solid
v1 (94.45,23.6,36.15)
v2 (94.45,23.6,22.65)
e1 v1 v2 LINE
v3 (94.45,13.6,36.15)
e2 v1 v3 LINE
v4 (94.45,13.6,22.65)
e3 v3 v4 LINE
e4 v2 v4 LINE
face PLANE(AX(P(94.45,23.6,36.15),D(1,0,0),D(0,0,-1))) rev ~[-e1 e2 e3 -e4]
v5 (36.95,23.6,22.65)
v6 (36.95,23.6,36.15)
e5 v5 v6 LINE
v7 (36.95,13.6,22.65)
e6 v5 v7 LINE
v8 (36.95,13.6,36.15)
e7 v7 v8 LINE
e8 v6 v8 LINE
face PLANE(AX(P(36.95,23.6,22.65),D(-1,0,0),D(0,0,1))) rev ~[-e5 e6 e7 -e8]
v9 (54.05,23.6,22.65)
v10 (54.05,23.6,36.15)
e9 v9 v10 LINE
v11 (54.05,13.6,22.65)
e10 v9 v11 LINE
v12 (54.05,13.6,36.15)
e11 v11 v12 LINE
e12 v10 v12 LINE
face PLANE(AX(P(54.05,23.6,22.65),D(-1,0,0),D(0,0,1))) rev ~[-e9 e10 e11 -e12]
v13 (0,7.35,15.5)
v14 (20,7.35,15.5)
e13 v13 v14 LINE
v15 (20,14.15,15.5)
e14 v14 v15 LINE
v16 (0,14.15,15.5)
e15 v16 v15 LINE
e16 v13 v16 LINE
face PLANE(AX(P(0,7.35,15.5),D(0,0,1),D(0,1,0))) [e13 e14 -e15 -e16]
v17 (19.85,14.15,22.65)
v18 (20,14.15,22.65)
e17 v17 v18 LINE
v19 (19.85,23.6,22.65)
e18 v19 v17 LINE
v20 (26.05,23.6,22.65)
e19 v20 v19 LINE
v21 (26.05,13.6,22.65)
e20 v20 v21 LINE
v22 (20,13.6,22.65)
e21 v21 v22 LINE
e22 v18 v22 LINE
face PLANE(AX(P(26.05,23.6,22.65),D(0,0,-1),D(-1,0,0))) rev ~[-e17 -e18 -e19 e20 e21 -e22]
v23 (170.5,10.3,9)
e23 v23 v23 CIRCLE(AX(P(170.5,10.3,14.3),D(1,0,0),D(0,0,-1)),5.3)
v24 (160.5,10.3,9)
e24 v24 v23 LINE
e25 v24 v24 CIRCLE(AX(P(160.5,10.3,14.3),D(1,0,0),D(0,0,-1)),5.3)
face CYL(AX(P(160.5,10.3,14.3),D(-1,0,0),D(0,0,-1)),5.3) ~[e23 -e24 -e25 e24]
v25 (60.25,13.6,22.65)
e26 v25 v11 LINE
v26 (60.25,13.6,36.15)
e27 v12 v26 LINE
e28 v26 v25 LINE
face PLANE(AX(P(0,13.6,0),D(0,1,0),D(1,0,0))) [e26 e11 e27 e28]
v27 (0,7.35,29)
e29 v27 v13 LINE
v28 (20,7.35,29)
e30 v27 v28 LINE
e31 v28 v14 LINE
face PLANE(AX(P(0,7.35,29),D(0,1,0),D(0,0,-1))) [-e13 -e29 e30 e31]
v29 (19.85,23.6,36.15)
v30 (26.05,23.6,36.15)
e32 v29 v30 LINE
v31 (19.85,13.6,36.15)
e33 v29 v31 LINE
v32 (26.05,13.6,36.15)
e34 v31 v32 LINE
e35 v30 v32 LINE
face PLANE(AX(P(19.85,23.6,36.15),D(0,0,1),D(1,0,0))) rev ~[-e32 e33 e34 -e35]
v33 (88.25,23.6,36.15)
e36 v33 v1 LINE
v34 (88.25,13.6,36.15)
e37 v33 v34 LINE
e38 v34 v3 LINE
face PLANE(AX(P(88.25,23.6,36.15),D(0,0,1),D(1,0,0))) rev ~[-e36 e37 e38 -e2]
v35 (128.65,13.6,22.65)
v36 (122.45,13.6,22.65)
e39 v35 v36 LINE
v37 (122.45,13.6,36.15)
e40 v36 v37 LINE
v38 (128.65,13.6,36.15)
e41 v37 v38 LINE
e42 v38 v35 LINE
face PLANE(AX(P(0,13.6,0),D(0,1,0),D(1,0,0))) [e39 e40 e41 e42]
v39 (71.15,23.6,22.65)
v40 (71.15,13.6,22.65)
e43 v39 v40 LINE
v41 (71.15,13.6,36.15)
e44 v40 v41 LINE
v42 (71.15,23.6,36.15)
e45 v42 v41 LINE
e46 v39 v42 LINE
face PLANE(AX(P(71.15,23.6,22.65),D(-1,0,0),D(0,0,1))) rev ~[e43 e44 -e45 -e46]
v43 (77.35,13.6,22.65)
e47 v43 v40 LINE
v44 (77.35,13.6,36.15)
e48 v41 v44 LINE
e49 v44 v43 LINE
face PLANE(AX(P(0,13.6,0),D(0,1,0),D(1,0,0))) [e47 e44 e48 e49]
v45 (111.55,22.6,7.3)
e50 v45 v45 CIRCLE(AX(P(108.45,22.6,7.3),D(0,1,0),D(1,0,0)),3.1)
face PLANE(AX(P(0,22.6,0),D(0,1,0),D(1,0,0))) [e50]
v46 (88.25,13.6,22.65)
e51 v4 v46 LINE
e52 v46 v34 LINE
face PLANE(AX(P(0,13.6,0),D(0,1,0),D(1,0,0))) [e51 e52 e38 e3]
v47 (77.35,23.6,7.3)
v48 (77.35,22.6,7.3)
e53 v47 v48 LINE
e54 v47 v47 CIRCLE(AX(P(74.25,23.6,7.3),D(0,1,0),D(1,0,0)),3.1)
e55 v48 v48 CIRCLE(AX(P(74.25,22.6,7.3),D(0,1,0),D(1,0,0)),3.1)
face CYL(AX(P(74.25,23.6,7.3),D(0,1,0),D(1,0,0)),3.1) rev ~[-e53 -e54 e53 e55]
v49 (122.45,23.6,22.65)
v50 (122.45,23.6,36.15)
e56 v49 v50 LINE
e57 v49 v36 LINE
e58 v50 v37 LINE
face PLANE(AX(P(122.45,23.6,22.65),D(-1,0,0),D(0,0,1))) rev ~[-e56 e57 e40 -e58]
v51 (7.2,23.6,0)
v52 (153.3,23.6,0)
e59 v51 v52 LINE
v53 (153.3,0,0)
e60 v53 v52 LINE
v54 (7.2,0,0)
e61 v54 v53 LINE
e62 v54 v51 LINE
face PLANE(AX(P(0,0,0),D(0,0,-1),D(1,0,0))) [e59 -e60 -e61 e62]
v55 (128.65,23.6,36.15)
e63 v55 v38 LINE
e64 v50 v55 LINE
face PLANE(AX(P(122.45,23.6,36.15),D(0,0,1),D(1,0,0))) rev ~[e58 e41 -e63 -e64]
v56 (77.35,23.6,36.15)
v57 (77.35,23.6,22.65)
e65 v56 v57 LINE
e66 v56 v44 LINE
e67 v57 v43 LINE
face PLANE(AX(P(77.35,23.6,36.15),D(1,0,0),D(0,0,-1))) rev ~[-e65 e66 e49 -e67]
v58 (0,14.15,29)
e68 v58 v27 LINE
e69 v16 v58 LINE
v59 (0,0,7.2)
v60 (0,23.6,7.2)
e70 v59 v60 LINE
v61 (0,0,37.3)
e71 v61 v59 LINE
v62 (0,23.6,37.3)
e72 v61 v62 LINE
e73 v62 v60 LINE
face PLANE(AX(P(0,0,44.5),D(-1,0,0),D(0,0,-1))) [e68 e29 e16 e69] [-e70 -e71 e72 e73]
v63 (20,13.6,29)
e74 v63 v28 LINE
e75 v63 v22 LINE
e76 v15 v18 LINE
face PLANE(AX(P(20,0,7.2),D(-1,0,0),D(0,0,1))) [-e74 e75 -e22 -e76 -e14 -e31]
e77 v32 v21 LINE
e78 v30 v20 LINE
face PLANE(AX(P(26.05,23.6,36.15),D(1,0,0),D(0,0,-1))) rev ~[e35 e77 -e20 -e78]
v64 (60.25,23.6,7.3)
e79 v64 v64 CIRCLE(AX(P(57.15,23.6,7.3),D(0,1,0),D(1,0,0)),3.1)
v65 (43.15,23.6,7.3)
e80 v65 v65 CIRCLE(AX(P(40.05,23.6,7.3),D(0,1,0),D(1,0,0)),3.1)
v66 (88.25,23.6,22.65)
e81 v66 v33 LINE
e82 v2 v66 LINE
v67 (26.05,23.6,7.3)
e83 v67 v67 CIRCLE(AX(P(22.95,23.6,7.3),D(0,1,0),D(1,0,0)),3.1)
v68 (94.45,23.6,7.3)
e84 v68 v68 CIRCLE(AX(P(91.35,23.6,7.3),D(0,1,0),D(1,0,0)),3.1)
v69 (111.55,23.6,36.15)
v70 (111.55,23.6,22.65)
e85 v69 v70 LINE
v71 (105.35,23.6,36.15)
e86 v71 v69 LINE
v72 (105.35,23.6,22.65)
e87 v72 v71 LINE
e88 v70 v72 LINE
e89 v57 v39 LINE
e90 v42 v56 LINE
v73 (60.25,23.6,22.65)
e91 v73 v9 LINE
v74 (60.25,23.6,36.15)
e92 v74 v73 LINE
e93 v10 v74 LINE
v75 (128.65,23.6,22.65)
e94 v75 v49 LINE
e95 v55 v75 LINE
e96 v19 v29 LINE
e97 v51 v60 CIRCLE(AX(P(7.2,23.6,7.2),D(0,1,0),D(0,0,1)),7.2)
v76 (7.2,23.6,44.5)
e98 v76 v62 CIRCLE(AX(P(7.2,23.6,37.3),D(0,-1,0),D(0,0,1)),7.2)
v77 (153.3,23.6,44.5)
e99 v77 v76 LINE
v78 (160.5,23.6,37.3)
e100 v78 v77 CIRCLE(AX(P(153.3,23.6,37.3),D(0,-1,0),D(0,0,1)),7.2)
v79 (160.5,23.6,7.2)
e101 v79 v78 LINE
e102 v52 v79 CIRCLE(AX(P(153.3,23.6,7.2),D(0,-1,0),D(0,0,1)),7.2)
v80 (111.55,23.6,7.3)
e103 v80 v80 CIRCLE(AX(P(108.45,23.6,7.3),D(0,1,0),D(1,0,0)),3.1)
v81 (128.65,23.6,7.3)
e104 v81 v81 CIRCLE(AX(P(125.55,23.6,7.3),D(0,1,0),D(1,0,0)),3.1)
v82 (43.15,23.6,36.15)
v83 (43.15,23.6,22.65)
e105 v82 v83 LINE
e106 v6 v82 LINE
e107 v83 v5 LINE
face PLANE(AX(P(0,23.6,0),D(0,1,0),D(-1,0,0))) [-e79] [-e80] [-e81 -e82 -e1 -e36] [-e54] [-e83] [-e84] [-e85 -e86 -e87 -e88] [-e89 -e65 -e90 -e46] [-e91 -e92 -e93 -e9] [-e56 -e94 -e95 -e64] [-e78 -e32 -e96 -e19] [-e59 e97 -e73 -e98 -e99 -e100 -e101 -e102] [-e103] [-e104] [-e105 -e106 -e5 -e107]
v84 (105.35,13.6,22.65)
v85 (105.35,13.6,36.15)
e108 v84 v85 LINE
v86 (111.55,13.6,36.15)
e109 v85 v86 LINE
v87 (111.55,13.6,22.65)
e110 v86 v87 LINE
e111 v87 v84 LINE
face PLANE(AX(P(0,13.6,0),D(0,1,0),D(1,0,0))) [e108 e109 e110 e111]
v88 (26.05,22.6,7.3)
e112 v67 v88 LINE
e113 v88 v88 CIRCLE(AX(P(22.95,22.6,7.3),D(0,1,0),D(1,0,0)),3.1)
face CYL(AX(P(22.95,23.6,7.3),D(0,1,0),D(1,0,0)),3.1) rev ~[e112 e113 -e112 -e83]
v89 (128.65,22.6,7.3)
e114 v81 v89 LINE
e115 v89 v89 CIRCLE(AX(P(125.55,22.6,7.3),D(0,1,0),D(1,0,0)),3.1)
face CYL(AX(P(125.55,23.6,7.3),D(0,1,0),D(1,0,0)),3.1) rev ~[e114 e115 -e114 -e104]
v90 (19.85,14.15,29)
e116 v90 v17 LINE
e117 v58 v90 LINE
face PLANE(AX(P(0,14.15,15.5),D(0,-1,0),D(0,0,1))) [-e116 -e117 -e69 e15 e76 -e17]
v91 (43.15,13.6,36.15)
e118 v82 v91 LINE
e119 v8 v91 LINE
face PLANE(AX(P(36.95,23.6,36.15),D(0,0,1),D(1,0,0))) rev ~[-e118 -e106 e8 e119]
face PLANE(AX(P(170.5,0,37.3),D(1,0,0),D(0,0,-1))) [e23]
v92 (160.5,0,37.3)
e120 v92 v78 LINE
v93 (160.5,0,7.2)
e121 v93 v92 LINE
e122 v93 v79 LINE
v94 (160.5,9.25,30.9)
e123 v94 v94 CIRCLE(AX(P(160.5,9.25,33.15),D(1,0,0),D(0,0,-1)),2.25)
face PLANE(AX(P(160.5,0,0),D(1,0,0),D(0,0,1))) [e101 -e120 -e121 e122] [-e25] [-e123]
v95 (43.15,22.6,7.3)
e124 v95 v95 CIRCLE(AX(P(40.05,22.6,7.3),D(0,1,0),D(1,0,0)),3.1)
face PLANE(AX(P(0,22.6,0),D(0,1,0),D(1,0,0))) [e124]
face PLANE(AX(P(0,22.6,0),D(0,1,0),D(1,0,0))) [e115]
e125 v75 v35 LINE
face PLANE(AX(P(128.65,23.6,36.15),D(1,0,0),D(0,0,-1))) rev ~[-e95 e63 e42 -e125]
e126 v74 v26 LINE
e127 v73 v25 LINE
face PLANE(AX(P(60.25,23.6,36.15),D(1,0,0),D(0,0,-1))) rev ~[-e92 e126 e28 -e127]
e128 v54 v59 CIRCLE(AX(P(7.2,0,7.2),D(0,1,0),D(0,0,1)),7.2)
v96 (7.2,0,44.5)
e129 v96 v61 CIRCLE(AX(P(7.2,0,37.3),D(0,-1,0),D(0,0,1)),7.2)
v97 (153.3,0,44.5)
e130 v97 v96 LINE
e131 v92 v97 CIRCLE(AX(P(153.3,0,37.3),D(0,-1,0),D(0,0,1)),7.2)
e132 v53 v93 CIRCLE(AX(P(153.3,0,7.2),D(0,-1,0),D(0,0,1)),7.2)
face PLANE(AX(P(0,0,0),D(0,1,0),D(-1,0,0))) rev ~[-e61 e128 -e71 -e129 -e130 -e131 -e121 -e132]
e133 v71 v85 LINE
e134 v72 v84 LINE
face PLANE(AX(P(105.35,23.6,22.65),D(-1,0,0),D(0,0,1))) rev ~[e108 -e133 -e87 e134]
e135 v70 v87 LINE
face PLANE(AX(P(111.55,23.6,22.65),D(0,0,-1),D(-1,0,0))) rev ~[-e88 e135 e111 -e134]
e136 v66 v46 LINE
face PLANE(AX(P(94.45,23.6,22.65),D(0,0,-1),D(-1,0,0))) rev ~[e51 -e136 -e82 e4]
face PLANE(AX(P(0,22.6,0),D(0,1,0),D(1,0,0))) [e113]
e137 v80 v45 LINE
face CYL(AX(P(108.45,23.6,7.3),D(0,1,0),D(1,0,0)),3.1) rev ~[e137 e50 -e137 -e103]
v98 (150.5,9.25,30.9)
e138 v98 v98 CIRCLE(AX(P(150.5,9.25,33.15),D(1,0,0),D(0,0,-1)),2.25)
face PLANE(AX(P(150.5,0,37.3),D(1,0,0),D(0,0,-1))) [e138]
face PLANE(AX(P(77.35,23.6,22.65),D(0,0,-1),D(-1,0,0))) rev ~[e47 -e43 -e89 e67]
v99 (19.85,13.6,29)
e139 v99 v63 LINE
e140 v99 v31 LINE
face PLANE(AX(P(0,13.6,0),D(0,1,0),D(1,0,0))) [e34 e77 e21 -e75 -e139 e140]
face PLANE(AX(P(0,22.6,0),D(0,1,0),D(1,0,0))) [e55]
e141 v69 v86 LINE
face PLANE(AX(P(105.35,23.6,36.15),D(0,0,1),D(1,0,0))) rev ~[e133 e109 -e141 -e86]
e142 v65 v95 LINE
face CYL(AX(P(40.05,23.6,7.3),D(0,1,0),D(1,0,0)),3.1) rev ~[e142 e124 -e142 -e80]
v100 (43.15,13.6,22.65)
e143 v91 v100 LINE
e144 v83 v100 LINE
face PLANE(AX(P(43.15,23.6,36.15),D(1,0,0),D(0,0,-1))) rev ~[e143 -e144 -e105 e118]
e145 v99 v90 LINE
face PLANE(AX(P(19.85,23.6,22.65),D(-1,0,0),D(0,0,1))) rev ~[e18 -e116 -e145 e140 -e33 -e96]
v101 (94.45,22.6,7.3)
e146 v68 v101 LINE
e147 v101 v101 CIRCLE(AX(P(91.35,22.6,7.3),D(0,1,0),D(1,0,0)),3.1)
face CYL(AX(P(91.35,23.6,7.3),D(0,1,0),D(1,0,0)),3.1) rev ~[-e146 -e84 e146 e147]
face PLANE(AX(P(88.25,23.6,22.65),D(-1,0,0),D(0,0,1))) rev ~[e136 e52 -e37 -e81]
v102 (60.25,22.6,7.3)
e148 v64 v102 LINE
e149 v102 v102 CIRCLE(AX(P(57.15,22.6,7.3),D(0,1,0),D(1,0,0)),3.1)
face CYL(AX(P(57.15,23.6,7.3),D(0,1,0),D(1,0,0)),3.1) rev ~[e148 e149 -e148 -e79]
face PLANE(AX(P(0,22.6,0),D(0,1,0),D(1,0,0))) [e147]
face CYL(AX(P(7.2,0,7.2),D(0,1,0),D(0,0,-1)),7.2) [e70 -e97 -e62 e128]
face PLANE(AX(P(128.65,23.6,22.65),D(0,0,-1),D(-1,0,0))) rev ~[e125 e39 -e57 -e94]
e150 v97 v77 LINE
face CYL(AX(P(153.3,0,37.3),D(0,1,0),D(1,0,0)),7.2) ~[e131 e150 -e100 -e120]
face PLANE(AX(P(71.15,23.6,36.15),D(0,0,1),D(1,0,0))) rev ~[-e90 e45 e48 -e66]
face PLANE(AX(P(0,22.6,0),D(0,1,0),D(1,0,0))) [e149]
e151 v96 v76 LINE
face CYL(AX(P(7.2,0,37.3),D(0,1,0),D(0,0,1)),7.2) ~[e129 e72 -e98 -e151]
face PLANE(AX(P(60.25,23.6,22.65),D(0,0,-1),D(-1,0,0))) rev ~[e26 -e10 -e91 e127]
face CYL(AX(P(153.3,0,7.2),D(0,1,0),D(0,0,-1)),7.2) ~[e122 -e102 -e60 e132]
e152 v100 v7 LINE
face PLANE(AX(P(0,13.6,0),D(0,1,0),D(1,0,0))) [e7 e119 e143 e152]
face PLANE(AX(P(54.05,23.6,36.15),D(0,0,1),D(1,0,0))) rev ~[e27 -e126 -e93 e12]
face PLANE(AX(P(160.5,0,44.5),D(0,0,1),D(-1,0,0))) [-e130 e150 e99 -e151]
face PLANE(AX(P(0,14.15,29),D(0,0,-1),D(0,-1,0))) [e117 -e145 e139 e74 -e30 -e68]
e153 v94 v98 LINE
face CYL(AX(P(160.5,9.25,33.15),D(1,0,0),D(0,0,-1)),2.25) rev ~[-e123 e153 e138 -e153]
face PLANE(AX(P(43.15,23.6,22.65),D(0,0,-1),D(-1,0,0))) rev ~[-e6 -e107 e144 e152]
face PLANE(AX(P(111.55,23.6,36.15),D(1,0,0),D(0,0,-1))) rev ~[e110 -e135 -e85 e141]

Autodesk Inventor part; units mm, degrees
ref_plane "YZ Plane" through (0, 0, 0) normal (1, 0, 0) x (0, 1, 0)
ref_plane "XZ Plane" through (0, 0, 0) normal (0, 1, 0) x (-1, 0, 0)
ref_plane "XY Plane" through (0, 0, 0) normal (0, 0, 1) x (1, 0, 0)
sketch "Sketch1" plane through (0, 0, 0) normal (0, 1, 0) x (-1, 0, 0)
  line L0 (0, 0) -> (-160.5, 0)
  line L1 (-160.5, 0) -> (-160.5, 44.5)
  line L2 (-160.5, 44.5) -> (0, 44.5)
  line L3 (0, 44.5) -> (0, 0)
  dimension "d0" = 44.5
  dimension "d1" = 160.5
extrude "Extrusion1" add sketch "Sketch1" along normal blind 23.6
fillet "Fillet1" radius 7.2 4 edges at (0, 11.8, 44.5) (160.5, 11.8, 44.5) (160.5, 11.8, 0) (0, 11.8, 0)
sketch "Sketch2" plane through (160.5, 0, 37.3) normal (1, 0, 0) x (0, 0, -1)
  circle A0 centre (4.15, 9.25) radius 2.25
  line L0 (-7.2, 23.6) -> (-7.2, 0) projected
  line L1 (6.4, 23.6) -> (6.4, 0) construction
  line L2 (0, 23.6) -> (30.1, 23.6) construction
  line L3 (30.1, 0) -> (0, 0) construction
  line L4 (13.7348, 11.5) -> (-5.9943, 11.5) construction
  line L5 (0, 0) -> (-7.2, 0) construction
  point P0 (37.3, 0)
  dimension "d5" = 4.5
  dimension "d7" = 13.6
  dimension "d8" = 11.5
extrude "Extrusion2" cut sketch "Sketch2" against normal blind 10
sketch "Sketch3" plane through (160.5, 0, 37.3) normal (1, 0, 0) x (0, 0, -1)
  circle A0 centre (23, 10.3) radius 5.3
  line L0 (17.7, 15.6) -> (17.7, 1.2331) construction
  line L1 (17.7, 15.6) -> (23.008, 15.6) construction
  line L2 (30.1, 0) -> (0, 0) construction
  line L3 (37.3, 0) -> (37.3, 23.6) construction
  dimension "d11" = 10.6
  dimension "d12" = 15.6
  dimension "d13" = 19.6
extrude "Extrusion3" add sketch "Sketch3" along normal blind 10
sketch "Sketch4" plane through (0, 0, 7.2) normal (-1, 0, 0) x (0, 0, 1)
  line L0 (8.3, 14.15) -> (21.8, 14.15)
  line L1 (21.8, 14.15) -> (21.8, 7.35)
  line L2 (21.8, 7.35) -> (8.3, 7.35)
  line L3 (8.3, 7.35) -> (8.3, 14.15)
  line L4 (30.1, 0) -> (0, 0) projected
  line L5 (-7.2, 23.6) -> (-7.2, 0) projected
  line L6 (37.3, 0) -> (37.3, 23.6) projected
  dimension "d16" = 7.35
  dimension "d17" = 6.8
  dimension "d18" = 13.5
  dimension "d19" = 15.5
  dimension "d20" = 15.5
extrude "Extrusion4" cut sketch "Sketch4" against normal blind 20
sketch "Sketch5" plane through (0, 23.6, 0) normal (0, 1, 0) x (1, 0, 0)
  line L0 (0.85, -43.7) -> (159.65, -43.7) construction
  line L1 (159.65, -43.7) -> (159.65, -0.8) construction
  line L2 (159.65, -0.8) -> (0.85, -0.8) construction
  line L3 (0.85, -0.8) -> (0.85, -43.7) construction
  line L4 (153.3, 0) -> (7.2, 0) construction
  line L5 (7.2, -44.5) -> (153.3, -44.5) construction
  line L6 (0, -7.2) -> (0, -37.3) construction
  line L7 (160.5, -37.3) -> (160.5, -7.2) construction
  line L8 (19.85, -36.15) -> (26.05, -36.15)
  line L9 (26.05, -36.15) -> (26.05, -22.65)
  line L10 (26.05, -22.65) -> (19.85, -22.65)
  line L11 (19.85, -22.65) -> (19.85, -36.15)
  line L12 (43.15, -36.15) -> (43.15, -22.65)
  line L13 (43.15, -22.65) -> (36.95, -22.65)
  line L14 (36.95, -22.65) -> (36.95, -36.15)
  line L15 (36.95, -36.15) -> (43.15, -36.15)
  line L16 (60.25, -36.15) -> (60.25, -22.65)
  line L17 (60.25, -22.65) -> (54.05, -22.65)
  line L18 (54.05, -22.65) -> (54.05, -36.15)
  line L19 (54.05, -36.15) -> (60.25, -36.15)
  line L20 (77.35, -36.15) -> (77.35, -22.65)
  line L21 (77.35, -22.65) -> (71.15, -22.65)
  line L22 (71.15, -22.65) -> (71.15, -36.15)
  line L23 (71.15, -36.15) -> (77.35, -36.15)
  line L24 (94.45, -36.15) -> (94.45, -22.65)
  line L25 (94.45, -22.65) -> (88.25, -22.65)
  line L26 (88.25, -22.65) -> (88.25, -36.15)
  line L27 (88.25, -36.15) -> (94.45, -36.15)
  line L28 (111.55, -36.15) -> (111.55, -22.65)
  line L29 (111.55, -22.65) -> (105.35, -22.65)
  line L30 (105.35, -22.65) -> (105.35, -36.15)
  line L31 (105.35, -36.15) -> (111.55, -36.15)
  line L32 (128.65, -36.15) -> (128.65, -22.65)
  line L33 (128.65, -22.65) -> (122.45, -22.65)
  line L34 (122.45, -22.65) -> (122.45, -36.15)
  line L35 (122.45, -36.15) -> (128.65, -36.15)
  point P0 (0, 0)
  dimension "d23" = 42.9
  dimension "d24" = 158.8
  dimension "d25" = 0.8
  dimension "d27" = 0.8
  dimension "d28" = 0.85
  dimension "d29" = 0.85
  dimension "d30" = 7.55
  dimension "d31" = 13.5
  dimension "d32" = 6.2
  dimension "d33" = 19
  dimension "d36" = 17.1
extrude "Extrusion5" cut sketch "Sketch5" against normal blind 10
sketch "Sketch6" plane through (0, 23.6, 0) normal (0, 1, 0) x (1, 0, 0)
  circle A0 centre (22.95, -7.3) radius 3.1
  line L0 (19.85, -36.15) -> (19.85, -22.65) projected
  line L1 (26.05, -22.65) -> (26.05, -36.15) projected
  line L2 (153.3, 0) -> (7.2, 0) projected
  circle A1 centre (40.05, -7.3) radius 3.1
  circle A2 centre (57.15, -7.3) radius 3.1
  circle A3 centre (74.25, -7.3) radius 3.1
  circle A4 centre (91.35, -7.3) radius 3.1
  circle A5 centre (108.45, -7.3) radius 3.1
  circle A6 centre (125.55, -7.3) radius 3.1
  point P0 (0, 0)
  dimension "d43" = 4.2
  dimension "d46" = 17.1
extrude "Extrusion6" cut sketch "Sketch6" against normal blind 1
equation "\"d20\" = d19"
equation "\"d27\" = d25"
equation "\"d29\" = d28"
properties part number "hub_dummy"
